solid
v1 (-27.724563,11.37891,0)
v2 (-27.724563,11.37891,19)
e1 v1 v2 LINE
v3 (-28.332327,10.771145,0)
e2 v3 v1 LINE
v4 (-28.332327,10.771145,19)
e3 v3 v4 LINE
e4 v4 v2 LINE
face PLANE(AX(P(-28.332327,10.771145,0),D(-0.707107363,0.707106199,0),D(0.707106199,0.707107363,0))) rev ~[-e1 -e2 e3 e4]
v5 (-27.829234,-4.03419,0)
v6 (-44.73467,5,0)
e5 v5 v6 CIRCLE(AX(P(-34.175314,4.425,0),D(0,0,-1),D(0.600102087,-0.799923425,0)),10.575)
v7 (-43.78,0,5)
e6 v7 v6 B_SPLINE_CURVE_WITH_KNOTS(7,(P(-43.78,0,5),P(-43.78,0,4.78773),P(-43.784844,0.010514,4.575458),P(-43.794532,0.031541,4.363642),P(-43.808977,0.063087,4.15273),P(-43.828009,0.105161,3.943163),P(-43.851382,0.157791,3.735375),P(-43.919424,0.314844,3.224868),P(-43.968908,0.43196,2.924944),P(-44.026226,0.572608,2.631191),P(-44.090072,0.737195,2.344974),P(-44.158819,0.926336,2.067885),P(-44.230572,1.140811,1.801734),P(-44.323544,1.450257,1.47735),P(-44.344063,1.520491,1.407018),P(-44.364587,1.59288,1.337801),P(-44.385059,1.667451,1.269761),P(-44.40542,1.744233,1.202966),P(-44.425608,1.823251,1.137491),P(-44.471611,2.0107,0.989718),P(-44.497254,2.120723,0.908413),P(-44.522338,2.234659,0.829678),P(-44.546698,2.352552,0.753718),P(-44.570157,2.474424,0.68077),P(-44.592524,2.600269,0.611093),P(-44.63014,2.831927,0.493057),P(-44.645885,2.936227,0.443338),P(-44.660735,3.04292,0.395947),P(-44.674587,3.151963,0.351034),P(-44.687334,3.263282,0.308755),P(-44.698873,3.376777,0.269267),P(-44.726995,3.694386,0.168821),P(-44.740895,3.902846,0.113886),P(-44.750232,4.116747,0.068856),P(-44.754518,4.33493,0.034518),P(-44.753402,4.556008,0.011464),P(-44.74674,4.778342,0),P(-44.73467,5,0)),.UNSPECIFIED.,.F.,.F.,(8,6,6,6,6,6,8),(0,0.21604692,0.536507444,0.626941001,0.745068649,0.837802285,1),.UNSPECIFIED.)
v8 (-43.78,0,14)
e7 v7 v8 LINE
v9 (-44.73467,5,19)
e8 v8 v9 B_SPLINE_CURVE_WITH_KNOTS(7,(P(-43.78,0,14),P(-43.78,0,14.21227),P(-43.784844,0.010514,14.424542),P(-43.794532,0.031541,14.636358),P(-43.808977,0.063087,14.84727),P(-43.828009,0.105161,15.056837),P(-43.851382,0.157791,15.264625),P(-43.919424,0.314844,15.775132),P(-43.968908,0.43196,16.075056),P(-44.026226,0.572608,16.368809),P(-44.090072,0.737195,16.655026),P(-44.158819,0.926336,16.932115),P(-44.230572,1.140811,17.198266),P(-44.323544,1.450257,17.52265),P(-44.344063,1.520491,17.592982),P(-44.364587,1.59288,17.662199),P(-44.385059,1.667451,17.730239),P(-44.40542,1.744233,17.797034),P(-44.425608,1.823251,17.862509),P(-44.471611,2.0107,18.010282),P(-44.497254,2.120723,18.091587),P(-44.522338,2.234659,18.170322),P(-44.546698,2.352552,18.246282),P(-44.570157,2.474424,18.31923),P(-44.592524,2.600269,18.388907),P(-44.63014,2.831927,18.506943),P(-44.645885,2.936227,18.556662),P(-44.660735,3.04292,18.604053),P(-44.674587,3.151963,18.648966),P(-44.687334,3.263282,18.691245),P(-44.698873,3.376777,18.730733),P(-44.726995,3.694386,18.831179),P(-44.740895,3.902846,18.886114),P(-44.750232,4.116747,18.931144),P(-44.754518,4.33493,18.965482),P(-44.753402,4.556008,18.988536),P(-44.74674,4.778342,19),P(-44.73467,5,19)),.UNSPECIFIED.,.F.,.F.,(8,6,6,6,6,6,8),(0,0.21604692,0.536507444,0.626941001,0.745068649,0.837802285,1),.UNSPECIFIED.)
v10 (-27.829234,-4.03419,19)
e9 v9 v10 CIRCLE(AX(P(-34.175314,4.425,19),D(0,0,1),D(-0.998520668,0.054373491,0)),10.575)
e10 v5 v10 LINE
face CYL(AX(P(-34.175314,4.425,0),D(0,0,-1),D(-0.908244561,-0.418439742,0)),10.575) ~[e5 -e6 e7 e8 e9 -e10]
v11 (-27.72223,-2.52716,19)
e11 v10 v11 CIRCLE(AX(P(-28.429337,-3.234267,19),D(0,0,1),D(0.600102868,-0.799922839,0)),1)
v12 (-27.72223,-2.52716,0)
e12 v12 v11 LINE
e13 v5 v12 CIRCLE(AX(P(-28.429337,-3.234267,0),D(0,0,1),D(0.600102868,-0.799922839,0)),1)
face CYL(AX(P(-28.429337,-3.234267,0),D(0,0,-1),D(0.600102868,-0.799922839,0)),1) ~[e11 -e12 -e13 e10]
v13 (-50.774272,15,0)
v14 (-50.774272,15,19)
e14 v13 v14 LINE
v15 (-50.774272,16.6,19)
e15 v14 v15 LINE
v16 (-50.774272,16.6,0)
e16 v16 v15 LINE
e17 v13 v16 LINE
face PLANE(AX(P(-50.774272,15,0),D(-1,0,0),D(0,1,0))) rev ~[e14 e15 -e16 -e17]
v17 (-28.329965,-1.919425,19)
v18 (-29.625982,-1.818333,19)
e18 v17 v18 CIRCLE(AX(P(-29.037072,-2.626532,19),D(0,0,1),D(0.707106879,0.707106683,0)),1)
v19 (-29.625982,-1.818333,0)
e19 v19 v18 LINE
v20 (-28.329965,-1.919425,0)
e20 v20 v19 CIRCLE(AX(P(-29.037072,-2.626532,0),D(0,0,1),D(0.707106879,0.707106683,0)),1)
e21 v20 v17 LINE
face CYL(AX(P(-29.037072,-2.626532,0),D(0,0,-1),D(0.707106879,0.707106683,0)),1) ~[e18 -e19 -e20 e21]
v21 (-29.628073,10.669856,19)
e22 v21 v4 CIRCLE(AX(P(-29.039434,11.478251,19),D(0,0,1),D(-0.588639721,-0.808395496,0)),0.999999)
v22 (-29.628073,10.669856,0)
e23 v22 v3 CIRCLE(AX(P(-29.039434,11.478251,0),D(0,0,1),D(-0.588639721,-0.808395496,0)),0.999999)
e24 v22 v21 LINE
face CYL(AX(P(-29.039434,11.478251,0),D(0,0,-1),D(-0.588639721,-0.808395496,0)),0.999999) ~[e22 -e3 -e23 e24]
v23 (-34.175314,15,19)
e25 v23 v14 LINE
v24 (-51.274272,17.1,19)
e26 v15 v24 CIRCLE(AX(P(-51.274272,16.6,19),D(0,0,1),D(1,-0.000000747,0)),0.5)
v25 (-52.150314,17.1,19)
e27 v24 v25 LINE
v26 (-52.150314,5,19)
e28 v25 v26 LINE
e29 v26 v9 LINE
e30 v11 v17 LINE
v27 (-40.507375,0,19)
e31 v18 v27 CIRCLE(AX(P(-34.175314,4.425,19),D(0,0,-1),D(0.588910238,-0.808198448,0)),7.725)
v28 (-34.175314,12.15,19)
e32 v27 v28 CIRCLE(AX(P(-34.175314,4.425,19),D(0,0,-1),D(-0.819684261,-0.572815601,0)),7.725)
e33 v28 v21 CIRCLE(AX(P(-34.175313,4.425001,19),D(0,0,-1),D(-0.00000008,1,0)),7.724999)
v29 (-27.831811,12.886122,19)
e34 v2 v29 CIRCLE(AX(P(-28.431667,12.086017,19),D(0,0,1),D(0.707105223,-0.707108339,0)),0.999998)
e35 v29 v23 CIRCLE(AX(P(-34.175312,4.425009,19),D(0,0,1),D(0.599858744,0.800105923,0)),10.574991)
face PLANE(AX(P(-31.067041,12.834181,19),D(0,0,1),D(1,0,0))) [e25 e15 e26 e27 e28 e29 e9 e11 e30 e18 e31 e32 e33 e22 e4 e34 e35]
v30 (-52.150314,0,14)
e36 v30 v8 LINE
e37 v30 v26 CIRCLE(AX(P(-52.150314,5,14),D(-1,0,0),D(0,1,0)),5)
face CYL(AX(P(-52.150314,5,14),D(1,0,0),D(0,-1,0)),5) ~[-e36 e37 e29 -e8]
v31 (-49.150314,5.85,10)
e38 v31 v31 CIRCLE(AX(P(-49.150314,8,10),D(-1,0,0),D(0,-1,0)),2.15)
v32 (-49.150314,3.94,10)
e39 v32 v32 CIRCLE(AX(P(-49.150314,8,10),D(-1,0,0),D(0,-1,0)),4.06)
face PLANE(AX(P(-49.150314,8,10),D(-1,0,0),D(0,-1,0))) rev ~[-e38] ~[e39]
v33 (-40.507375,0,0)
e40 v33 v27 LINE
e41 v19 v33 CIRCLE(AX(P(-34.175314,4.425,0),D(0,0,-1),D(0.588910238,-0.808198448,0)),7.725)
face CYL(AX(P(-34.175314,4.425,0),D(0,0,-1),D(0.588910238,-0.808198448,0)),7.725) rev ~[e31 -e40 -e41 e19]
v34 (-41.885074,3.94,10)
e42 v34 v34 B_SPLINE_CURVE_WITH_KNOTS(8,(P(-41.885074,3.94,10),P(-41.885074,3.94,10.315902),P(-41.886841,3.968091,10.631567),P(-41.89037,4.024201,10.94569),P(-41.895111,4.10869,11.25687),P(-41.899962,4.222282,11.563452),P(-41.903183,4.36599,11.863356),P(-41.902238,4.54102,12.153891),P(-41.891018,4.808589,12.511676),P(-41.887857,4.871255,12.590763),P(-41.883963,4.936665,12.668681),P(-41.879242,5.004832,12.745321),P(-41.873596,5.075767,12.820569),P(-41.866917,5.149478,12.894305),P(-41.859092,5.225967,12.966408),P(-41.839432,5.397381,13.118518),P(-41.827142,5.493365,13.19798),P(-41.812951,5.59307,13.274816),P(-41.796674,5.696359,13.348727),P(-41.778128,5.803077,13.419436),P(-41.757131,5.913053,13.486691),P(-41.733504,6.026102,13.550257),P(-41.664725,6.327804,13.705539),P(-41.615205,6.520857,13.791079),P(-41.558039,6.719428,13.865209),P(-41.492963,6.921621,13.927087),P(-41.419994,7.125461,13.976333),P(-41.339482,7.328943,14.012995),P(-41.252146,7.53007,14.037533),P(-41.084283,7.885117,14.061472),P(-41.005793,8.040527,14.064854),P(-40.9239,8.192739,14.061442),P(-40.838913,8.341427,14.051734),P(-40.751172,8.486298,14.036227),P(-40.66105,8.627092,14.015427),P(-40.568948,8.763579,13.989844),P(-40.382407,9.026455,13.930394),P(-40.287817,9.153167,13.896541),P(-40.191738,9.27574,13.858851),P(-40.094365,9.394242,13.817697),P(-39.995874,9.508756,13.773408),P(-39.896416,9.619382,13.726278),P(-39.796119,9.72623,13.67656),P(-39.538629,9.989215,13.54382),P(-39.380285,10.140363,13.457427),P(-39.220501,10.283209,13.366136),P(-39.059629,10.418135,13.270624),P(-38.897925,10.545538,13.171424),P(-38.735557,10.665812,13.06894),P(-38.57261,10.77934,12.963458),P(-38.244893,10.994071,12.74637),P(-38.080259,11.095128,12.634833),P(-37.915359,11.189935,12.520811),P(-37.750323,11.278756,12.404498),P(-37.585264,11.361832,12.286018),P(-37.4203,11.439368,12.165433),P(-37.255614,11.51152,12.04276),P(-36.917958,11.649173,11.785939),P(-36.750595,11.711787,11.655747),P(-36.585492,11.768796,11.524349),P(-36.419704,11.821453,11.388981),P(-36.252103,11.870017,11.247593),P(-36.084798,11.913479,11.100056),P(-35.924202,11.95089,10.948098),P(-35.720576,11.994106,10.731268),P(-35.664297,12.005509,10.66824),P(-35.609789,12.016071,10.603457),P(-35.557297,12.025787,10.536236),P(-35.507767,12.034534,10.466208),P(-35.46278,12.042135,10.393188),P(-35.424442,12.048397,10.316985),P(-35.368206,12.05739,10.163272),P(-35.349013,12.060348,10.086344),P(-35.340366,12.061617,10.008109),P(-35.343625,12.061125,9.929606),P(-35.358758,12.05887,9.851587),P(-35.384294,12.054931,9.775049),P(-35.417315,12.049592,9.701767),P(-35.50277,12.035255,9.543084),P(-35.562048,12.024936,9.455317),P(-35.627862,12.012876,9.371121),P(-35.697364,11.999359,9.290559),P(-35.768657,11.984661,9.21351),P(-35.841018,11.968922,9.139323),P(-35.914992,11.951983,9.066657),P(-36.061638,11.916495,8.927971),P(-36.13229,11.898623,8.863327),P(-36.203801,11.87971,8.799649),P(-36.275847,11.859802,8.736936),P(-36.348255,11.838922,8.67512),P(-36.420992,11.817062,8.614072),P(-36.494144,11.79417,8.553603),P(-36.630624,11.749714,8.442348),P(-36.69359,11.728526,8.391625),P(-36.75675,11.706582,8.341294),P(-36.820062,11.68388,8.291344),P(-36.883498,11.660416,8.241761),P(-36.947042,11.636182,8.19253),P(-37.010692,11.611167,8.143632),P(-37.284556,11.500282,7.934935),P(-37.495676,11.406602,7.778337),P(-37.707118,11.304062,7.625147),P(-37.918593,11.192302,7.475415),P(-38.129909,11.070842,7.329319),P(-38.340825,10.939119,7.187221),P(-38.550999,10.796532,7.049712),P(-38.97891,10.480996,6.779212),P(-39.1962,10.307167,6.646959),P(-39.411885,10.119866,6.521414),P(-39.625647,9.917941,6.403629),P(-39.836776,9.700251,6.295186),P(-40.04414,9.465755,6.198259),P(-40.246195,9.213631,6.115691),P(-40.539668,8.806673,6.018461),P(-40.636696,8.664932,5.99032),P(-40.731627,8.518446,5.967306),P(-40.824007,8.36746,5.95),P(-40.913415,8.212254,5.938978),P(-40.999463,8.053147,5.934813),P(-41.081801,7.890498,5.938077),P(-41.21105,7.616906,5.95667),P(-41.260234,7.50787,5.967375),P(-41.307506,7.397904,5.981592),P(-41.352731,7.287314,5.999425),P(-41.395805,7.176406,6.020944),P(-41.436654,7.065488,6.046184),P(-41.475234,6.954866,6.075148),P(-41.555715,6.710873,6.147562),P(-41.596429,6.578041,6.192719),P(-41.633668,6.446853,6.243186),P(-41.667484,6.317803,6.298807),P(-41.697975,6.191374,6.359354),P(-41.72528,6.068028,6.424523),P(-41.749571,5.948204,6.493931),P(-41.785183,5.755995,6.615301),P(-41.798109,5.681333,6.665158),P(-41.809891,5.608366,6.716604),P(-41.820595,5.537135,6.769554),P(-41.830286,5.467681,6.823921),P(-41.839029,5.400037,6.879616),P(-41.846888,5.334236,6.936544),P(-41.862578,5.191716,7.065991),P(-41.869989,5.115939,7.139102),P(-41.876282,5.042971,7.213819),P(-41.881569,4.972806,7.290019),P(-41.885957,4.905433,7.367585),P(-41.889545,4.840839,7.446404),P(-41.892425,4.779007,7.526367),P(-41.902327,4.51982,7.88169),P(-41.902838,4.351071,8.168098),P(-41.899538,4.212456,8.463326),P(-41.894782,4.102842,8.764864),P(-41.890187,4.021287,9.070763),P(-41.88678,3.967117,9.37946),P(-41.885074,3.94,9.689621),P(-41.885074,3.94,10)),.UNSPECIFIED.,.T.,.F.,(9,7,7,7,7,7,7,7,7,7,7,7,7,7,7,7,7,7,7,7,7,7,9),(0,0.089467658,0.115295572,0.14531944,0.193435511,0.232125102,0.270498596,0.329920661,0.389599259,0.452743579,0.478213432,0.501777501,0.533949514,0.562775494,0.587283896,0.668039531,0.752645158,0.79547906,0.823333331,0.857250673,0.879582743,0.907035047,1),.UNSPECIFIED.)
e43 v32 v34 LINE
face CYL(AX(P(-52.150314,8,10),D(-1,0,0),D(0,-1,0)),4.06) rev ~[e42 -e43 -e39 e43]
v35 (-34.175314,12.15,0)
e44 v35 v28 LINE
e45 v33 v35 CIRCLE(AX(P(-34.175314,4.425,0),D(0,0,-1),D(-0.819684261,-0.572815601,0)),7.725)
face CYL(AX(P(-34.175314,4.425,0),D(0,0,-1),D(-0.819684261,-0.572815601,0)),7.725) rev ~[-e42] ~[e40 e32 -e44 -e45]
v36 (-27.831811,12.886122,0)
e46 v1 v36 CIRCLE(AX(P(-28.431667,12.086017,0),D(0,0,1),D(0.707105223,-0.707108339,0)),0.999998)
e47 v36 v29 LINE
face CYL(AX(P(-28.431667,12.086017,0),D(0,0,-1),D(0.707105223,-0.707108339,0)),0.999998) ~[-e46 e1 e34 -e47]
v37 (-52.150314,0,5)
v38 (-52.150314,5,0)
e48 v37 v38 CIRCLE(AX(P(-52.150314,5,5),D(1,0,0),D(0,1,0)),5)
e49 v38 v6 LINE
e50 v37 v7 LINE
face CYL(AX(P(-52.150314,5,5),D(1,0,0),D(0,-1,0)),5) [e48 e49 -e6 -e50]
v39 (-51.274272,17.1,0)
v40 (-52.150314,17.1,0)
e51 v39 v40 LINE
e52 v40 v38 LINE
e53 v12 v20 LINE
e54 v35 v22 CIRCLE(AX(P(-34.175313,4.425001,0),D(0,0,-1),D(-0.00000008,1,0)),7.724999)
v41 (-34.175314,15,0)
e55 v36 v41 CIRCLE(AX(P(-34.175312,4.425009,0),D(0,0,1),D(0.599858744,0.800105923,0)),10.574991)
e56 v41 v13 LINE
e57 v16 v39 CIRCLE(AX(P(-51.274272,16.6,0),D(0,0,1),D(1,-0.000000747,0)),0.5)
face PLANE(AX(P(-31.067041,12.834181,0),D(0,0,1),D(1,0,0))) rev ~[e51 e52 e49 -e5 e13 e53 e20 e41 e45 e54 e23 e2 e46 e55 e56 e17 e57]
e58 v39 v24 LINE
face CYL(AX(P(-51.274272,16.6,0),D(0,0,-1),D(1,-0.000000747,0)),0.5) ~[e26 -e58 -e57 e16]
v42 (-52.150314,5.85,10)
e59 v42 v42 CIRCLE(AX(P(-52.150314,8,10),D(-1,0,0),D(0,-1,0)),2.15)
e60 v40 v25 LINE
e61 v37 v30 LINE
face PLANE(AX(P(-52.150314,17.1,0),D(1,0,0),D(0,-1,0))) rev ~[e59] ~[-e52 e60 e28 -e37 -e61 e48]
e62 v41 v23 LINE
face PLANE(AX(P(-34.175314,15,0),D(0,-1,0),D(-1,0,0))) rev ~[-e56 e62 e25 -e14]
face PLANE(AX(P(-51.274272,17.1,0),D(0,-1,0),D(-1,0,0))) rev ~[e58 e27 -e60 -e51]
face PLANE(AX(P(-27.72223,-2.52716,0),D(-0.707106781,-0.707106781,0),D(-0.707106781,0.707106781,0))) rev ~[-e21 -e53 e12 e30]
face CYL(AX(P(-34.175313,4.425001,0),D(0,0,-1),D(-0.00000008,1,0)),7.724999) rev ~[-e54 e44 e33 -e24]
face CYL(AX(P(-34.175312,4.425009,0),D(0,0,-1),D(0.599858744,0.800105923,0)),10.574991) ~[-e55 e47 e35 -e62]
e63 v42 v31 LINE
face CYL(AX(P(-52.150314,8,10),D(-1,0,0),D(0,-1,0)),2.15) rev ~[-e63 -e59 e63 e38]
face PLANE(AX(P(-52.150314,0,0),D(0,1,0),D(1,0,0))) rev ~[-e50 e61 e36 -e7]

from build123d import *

# Parameters (mm, degrees)
F0_W     = 1.376042
F0_H     = 15
F1_DEPTH = 19
F2_R     = 5
F3_R     = 4.06
F4_DEPTH = 17
F5_R     = 4.15
F5_R_2   = 2.15
F6_DEPTH = 3


with BuildPart() as f1:
    # F0 (on Top) → F1 (new body)
    with BuildSketch(Plane.XY):
        with BuildLine():
            ThreePointArc((-27.724563, 11.37891), (-27.434191, 12.156994), (-27.831811, 12.886122))
            ThreePointArc((-27.831811, 12.886122), (-30.832093, 14.457622), (-34.175314, 15))
            Line((-34.175314, 15), (-34.175314, 12.15))
            ThreePointArc((-34.175314, 12.15), (-31.784278, 11.77065), (-29.628073, 10.669856))
            ThreePointArc((-29.628073, 10.669856), (-28.961501, 10.481293), (-28.332327, 10.771145))
            Line((-28.332327, 10.771145), (-27.724563, 11.37891))
        make_face()
        with BuildLine():
            Line((-34.175314, 12.15), (-34.175314, 15))
            ThreePointArc((-34.175314, 15), (-43.081071, 10.127467), (-43.78, 0))
            Line((-43.78, 0), (-40.507375, 0))
            ThreePointArc((-40.507375, 0), (-41.025816, 7.995189), (-34.175314, 12.15))
        make_face()
        with BuildLine():
            ThreePointArc((-43.78, 0), (-43.081071, 10.127467), (-34.175314, 15))
            Line((-34.175314, 15), (-50.774272, 15))
            Line((-50.774272, 15), (-50.774272, 0))
            Line((-50.774272, 0), (-43.78, 0))
        make_face()
        with BuildLine():
            Line((-40.507375, 0), (-43.78, 0))
            ThreePointArc((-43.78, 0), (-36.768247, -5.827186), (-27.829234, -4.03419))
            ThreePointArc((-27.829234, -4.03419), (-27.431848, -3.305092), (-27.72223, -2.52716))
            Line((-27.72223, -2.52716), (-28.329965, -1.919425))
            ThreePointArc((-28.329965, -1.919425), (-28.959306, -1.62956), (-29.625982, -1.818333))
            ThreePointArc((-29.625982, -1.818333), (-35.448544, -3.194351), (-40.507375, 0))
        make_face()
        with Locations((-51.462293, 7.5)):
            Rectangle(F0_W, F0_H)
        with BuildLine():
            Line((-52.150314, 15), (-50.774272, 15))
            Line((-50.774272, 15), (-50.774272, 16.6))
            ThreePointArc((-50.774272, 16.6), (-50.920718, 16.953553), (-51.274272, 17.1))
            Line((-51.274272, 17.1), (-52.150314, 17.1))
            Line((-52.150314, 17.1), (-52.150314, 15))
        make_face()
    extrude(amount=F1_DEPTH)

    # F2
    f2_edges = [f1.edges().sort_by_distance(p)[0] for p in [
        (-47.965157, 0, 19),
        (-47.965157, 0, 0),
    ]]
    fillet(f2_edges, radius=F2_R)

    # F3 (on face) → F4 (cut)
    with BuildSketch(Plane(origin=(-52.150314, 0, 0), x_dir=(0, -1, 0), z_dir=(-1, 0, 0))):
        with Locations((-8, 10)):
            Circle(F3_R)
    extrude(amount=-F4_DEPTH, mode=Mode.SUBTRACT)

    # F5 (on face) → F6 (join)
    with BuildSketch(Plane(origin=(-52.150314, 0, 0), x_dir=(0, -1, 0), z_dir=(-1, 0, 0))):
        with Locations((-8, 10)):
            Circle(F5_R)
        with Locations((-8, 10)):
            Circle(F5_R_2, mode=Mode.SUBTRACT)
    extrude(amount=-F6_DEPTH)


solid = f1.part
